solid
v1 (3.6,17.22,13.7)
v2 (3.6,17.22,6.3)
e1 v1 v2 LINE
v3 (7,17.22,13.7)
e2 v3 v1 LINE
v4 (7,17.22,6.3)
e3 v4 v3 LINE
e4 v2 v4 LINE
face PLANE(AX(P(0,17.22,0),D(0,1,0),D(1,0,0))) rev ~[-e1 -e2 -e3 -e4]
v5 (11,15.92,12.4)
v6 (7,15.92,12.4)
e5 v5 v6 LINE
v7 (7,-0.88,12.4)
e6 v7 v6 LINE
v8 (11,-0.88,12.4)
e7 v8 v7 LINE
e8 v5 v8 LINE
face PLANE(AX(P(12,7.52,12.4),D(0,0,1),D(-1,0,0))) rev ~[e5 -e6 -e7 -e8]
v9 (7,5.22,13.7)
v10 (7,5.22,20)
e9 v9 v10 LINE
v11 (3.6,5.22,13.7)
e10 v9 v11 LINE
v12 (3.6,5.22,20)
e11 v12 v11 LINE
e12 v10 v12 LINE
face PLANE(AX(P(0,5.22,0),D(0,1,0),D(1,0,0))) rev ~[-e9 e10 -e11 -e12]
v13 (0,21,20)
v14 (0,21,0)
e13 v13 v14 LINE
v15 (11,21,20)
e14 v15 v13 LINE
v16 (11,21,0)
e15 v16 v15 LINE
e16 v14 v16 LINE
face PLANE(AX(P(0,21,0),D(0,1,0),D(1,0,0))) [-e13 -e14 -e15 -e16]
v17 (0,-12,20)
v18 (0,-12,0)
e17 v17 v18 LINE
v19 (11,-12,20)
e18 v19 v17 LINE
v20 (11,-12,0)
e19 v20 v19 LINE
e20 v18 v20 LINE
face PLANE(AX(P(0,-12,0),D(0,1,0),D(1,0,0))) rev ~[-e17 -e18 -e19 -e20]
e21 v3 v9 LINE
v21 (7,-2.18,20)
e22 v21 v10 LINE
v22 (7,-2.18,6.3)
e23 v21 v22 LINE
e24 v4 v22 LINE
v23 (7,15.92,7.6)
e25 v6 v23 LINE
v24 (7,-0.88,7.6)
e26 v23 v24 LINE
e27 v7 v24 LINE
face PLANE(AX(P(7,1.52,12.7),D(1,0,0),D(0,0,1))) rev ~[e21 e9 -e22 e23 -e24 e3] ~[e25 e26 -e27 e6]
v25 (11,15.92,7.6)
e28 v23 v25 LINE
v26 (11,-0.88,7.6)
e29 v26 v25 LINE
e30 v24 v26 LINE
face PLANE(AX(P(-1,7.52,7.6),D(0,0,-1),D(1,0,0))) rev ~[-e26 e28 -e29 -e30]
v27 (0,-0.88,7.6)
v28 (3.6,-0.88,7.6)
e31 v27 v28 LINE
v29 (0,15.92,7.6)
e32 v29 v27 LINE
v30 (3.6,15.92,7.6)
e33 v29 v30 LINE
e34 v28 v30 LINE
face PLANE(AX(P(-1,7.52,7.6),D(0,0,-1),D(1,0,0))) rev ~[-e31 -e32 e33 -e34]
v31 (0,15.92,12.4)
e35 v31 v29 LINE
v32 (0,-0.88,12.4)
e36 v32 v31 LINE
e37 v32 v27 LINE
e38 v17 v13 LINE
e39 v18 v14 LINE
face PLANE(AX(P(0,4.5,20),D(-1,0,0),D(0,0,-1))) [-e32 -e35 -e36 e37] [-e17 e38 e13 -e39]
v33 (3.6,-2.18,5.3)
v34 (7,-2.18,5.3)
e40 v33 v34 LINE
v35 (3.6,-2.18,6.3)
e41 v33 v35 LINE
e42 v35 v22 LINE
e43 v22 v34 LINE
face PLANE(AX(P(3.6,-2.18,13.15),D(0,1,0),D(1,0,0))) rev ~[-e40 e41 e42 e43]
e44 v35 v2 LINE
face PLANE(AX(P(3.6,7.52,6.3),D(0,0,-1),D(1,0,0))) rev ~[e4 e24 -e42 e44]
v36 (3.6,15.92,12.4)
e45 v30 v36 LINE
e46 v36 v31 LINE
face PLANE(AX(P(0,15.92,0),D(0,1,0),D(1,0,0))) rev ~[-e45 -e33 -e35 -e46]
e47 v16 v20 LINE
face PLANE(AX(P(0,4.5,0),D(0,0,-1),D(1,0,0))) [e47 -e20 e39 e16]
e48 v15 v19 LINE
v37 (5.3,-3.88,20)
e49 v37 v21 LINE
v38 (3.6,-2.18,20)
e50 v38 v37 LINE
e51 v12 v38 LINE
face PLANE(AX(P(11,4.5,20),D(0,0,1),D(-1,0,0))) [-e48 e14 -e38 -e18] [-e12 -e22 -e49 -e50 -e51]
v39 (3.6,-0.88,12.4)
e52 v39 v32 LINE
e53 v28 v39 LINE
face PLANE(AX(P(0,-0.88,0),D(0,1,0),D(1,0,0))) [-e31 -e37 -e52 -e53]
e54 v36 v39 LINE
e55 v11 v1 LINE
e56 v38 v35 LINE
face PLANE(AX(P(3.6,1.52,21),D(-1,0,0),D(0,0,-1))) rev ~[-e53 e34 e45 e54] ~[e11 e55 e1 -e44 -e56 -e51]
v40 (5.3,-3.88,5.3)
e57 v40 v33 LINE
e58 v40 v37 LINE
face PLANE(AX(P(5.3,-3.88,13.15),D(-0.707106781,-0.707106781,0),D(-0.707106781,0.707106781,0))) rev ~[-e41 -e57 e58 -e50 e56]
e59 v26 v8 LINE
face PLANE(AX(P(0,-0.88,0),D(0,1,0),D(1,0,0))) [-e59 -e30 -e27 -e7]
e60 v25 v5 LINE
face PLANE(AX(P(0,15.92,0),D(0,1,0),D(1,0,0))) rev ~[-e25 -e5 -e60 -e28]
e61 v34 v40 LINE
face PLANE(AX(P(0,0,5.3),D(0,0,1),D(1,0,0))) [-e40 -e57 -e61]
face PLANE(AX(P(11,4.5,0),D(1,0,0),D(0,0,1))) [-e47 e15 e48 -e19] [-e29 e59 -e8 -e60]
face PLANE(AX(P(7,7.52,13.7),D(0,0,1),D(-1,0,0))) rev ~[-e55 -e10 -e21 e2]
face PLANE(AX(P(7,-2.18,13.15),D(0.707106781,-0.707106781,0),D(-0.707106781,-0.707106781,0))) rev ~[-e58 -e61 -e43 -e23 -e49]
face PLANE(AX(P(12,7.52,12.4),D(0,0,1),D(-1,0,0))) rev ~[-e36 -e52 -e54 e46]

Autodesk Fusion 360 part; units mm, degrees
sketch "Plate" plane through (0, 0, 0) normal (0, 1, 0) x (1, 0, 0)
  line L0 (0, 0) -> (11, 0)
  line L1 (11, 0) -> (11, -20)
  line L2 (11, -20) -> (0, -20)
  line L3 (0, -20) -> (0, 0)
  dimension "d174" = 11
  dimension "d175" = 20
extrude "Plate (1)" add sketch "Plate" along normal mid plane 33 from surface at 4.5
sketch "Screw hole" plane through (0, 0, 0) normal (0, 1, 0) x (1, 0, 0)
  line L0 (-1, -7.6) -> (12, -7.6)
  line L1 (12, -7.6) -> (12, -12.4)
  line L2 (12, -12.4) -> (-1, -12.4)
  line L3 (-1, -12.4) -> (-1, -7.6)
  dimension "d179" = 12
  dimension "d180" = 7.6
  dimension "d181" = 13
  dimension "d182" = 4.8
extrude "Screw hole (1)" cut sketch "Screw hole" along normal mid plane 16.8 from surface at 7.52
sketch "Nut cavity" plane through (0, 0, 0) normal (0, 1, 0) x (1, 0, 0)
  line L0 (3.6, -6.3) -> (7, -6.3)
  line L1 (7, -6.3) -> (7, -13.7)
  line L2 (7, -13.7) -> (3.6, -13.7)
  line L3 (3.6, -13.7) -> (3.6, -6.3)
  dimension "d186" = 7
  dimension "d187" = 6.3
  dimension "d188" = 3.4
  dimension "d189" = 7.4
extrude "Nut cavity (1)" cut sketch "Nut cavity" along normal mid plane 19.4 from surface at 7.52
sketch "Nut entry" plane through (0, 0, 0) normal (0, 1, 0) x (1, 0, 0)
  line L0 (3.6, -12.7) -> (7, -12.7)
  line L1 (7, -12.7) -> (7, -21)
  line L2 (7, -21) -> (3.6, -21)
  line L3 (3.6, -21) -> (3.6, -12.7)
  dimension "d193" = 7
  dimension "d194" = 12.7
  dimension "d195" = 3.4
  dimension "d196" = 8.3
extrude "Nut entry (1)" cut sketch "Nut entry" along normal mid plane 7.4 from surface at 1.52
sketch "Cavity roof" plane through (0, 0, 0) normal (0, 0, 1) x (1, 0, 0)
  line L0 (3.6, -2.18) -> (7, -2.18)
  line L1 (7, -2.18) -> (5.3, -3.88)
  line L2 (5.3, -3.88) -> (3.6, -2.18)
  dimension "d200" = 3.6
  dimension "d201" = 2.18
  dimension "d202" = 7
  dimension "d203" = 5.3
  dimension "d204" = 1.7
extrude "Cavity roof (1)" cut sketch "Cavity roof" along normal mid plane 15.7 from surface at 13.15
equation "bracketWidth = 24.0 mm" comment "bracket width across the upright"
equation "plateHeight = 20.0 mm" comment "plate height"
equation "plateInboardExtension = 9.0 mm" comment "extra plate toward the desk centre, where the channel reaches"
equation "boardThickness = 6.0 mm" comment "measured SKADIS panel thickness"
equation "screwLength = 15.0 mm" comment "measured decorative M4 screw"
equation "screwDiameter = 4.0 mm" comment "M4 shank"
equation "screwClearance = 0.8 mm" comment "slack around the shank"
equation "screwTipClearance = 2.0 mm" comment "tip stops this short of the plate's back face"
equation "screwSlotWidth = screwDiameter + screwClearance" comment "screw relief slot height"
equation "nutAcrossFlats = 7.0 mm" comment "M4 square nut across flats"
equation "nutThickness = 3.0 mm" comment "M4 square nut thickness"
equation "nutChannelClearance = 0.4 mm" comment "slack around the nut in its channel"
equation "nutChannelHeight = nutAcrossFlats + nutChannelClearance" comment "channel height; under the nut's diagonal so it cannot turn"
equation "plateThickness = screwLength - boardThickness + screwTipClearance" comment "derived: deep enough to swallow the screw"
equation "mountTravel = 12.0 mm" comment "left-right adjustment"
equation "nutChannelLength = mountTravel + nutAcrossFlats + nutChannelClearance" comment "channel length along the plate"
equation "screwSlotLength = mountTravel + screwSlotWidth" comment "relief slot length along the plate"
equation "topMountZ = 10.0 mm" comment "top channel centre"
equation "mountOffsetY = 7.52 mm" comment "channel centre on the board's grid"
equation "slotOvershoot = 1.0 mm" comment "cuts reach past the faces they cut"
equation "nutCavityClearance = 0.4 mm" comment "slack across the nut's thickness"
equation "nutWallThickness = 4.0 mm" comment "wall in front of the nut; the screw pulls the nut against it"
equation "nutCavityDepth = nutThickness + nutCavityClearance" comment "cavity depth"
equation "nutRoofDepth = nutCavityDepth / 2" comment "45 deg roof beyond the cavity's outboard end, so it prints unsupported"
equation "d174 = plateThickness"
equation "d175 = plateHeight"
equation "d176 = plateInboardExtension / 2"
equation "d177 = bracketWidth + plateInboardExtension"
equation "d179 = plateThickness + slotOvershoot"
equation "d180 = topMountZ - screwSlotWidth / 2"
equation "d181 = plateThickness + 2 * slotOvershoot"
equation "d182 = screwSlotWidth"
equation "d183 = mountOffsetY"
equation "d184 = screwSlotLength"
equation "d186 = plateThickness - nutWallThickness"
equation "d187 = topMountZ - nutChannelHeight / 2"
equation "d188 = nutCavityDepth"
equation "d189 = nutChannelHeight"
equation "d190 = mountOffsetY"
equation "d191 = nutChannelLength"
equation "d193 = plateThickness - nutWallThickness"
equation "d194 = topMountZ + nutChannelHeight / 2 - slotOvershoot"
equation "d195 = nutCavityDepth"
equation "d196 = plateHeight - topMountZ - nutChannelHeight / 2 + 2 * slotOvershoot"
equation "d197 = mountOffsetY - mountTravel / 2"
equation "d198 = nutChannelHeight"
equation "d200 = plateThickness - nutWallThickness - nutCavityDepth"
equation "d201 = -( mountOffsetY - nutChannelLength / 2 )"
equation "d202 = plateThickness - nutWallThickness"
equation "d203 = plateThickness - nutWallThickness - nutCavityDepth / 2"
equation "d204 = nutRoofDepth"
equation "d205 = ( topMountZ - nutChannelHeight / 2 + plateHeight ) / 2"
equation "d206 = plateHeight - topMountZ + nutChannelHeight / 2 + 2 * slotOvershoot"
